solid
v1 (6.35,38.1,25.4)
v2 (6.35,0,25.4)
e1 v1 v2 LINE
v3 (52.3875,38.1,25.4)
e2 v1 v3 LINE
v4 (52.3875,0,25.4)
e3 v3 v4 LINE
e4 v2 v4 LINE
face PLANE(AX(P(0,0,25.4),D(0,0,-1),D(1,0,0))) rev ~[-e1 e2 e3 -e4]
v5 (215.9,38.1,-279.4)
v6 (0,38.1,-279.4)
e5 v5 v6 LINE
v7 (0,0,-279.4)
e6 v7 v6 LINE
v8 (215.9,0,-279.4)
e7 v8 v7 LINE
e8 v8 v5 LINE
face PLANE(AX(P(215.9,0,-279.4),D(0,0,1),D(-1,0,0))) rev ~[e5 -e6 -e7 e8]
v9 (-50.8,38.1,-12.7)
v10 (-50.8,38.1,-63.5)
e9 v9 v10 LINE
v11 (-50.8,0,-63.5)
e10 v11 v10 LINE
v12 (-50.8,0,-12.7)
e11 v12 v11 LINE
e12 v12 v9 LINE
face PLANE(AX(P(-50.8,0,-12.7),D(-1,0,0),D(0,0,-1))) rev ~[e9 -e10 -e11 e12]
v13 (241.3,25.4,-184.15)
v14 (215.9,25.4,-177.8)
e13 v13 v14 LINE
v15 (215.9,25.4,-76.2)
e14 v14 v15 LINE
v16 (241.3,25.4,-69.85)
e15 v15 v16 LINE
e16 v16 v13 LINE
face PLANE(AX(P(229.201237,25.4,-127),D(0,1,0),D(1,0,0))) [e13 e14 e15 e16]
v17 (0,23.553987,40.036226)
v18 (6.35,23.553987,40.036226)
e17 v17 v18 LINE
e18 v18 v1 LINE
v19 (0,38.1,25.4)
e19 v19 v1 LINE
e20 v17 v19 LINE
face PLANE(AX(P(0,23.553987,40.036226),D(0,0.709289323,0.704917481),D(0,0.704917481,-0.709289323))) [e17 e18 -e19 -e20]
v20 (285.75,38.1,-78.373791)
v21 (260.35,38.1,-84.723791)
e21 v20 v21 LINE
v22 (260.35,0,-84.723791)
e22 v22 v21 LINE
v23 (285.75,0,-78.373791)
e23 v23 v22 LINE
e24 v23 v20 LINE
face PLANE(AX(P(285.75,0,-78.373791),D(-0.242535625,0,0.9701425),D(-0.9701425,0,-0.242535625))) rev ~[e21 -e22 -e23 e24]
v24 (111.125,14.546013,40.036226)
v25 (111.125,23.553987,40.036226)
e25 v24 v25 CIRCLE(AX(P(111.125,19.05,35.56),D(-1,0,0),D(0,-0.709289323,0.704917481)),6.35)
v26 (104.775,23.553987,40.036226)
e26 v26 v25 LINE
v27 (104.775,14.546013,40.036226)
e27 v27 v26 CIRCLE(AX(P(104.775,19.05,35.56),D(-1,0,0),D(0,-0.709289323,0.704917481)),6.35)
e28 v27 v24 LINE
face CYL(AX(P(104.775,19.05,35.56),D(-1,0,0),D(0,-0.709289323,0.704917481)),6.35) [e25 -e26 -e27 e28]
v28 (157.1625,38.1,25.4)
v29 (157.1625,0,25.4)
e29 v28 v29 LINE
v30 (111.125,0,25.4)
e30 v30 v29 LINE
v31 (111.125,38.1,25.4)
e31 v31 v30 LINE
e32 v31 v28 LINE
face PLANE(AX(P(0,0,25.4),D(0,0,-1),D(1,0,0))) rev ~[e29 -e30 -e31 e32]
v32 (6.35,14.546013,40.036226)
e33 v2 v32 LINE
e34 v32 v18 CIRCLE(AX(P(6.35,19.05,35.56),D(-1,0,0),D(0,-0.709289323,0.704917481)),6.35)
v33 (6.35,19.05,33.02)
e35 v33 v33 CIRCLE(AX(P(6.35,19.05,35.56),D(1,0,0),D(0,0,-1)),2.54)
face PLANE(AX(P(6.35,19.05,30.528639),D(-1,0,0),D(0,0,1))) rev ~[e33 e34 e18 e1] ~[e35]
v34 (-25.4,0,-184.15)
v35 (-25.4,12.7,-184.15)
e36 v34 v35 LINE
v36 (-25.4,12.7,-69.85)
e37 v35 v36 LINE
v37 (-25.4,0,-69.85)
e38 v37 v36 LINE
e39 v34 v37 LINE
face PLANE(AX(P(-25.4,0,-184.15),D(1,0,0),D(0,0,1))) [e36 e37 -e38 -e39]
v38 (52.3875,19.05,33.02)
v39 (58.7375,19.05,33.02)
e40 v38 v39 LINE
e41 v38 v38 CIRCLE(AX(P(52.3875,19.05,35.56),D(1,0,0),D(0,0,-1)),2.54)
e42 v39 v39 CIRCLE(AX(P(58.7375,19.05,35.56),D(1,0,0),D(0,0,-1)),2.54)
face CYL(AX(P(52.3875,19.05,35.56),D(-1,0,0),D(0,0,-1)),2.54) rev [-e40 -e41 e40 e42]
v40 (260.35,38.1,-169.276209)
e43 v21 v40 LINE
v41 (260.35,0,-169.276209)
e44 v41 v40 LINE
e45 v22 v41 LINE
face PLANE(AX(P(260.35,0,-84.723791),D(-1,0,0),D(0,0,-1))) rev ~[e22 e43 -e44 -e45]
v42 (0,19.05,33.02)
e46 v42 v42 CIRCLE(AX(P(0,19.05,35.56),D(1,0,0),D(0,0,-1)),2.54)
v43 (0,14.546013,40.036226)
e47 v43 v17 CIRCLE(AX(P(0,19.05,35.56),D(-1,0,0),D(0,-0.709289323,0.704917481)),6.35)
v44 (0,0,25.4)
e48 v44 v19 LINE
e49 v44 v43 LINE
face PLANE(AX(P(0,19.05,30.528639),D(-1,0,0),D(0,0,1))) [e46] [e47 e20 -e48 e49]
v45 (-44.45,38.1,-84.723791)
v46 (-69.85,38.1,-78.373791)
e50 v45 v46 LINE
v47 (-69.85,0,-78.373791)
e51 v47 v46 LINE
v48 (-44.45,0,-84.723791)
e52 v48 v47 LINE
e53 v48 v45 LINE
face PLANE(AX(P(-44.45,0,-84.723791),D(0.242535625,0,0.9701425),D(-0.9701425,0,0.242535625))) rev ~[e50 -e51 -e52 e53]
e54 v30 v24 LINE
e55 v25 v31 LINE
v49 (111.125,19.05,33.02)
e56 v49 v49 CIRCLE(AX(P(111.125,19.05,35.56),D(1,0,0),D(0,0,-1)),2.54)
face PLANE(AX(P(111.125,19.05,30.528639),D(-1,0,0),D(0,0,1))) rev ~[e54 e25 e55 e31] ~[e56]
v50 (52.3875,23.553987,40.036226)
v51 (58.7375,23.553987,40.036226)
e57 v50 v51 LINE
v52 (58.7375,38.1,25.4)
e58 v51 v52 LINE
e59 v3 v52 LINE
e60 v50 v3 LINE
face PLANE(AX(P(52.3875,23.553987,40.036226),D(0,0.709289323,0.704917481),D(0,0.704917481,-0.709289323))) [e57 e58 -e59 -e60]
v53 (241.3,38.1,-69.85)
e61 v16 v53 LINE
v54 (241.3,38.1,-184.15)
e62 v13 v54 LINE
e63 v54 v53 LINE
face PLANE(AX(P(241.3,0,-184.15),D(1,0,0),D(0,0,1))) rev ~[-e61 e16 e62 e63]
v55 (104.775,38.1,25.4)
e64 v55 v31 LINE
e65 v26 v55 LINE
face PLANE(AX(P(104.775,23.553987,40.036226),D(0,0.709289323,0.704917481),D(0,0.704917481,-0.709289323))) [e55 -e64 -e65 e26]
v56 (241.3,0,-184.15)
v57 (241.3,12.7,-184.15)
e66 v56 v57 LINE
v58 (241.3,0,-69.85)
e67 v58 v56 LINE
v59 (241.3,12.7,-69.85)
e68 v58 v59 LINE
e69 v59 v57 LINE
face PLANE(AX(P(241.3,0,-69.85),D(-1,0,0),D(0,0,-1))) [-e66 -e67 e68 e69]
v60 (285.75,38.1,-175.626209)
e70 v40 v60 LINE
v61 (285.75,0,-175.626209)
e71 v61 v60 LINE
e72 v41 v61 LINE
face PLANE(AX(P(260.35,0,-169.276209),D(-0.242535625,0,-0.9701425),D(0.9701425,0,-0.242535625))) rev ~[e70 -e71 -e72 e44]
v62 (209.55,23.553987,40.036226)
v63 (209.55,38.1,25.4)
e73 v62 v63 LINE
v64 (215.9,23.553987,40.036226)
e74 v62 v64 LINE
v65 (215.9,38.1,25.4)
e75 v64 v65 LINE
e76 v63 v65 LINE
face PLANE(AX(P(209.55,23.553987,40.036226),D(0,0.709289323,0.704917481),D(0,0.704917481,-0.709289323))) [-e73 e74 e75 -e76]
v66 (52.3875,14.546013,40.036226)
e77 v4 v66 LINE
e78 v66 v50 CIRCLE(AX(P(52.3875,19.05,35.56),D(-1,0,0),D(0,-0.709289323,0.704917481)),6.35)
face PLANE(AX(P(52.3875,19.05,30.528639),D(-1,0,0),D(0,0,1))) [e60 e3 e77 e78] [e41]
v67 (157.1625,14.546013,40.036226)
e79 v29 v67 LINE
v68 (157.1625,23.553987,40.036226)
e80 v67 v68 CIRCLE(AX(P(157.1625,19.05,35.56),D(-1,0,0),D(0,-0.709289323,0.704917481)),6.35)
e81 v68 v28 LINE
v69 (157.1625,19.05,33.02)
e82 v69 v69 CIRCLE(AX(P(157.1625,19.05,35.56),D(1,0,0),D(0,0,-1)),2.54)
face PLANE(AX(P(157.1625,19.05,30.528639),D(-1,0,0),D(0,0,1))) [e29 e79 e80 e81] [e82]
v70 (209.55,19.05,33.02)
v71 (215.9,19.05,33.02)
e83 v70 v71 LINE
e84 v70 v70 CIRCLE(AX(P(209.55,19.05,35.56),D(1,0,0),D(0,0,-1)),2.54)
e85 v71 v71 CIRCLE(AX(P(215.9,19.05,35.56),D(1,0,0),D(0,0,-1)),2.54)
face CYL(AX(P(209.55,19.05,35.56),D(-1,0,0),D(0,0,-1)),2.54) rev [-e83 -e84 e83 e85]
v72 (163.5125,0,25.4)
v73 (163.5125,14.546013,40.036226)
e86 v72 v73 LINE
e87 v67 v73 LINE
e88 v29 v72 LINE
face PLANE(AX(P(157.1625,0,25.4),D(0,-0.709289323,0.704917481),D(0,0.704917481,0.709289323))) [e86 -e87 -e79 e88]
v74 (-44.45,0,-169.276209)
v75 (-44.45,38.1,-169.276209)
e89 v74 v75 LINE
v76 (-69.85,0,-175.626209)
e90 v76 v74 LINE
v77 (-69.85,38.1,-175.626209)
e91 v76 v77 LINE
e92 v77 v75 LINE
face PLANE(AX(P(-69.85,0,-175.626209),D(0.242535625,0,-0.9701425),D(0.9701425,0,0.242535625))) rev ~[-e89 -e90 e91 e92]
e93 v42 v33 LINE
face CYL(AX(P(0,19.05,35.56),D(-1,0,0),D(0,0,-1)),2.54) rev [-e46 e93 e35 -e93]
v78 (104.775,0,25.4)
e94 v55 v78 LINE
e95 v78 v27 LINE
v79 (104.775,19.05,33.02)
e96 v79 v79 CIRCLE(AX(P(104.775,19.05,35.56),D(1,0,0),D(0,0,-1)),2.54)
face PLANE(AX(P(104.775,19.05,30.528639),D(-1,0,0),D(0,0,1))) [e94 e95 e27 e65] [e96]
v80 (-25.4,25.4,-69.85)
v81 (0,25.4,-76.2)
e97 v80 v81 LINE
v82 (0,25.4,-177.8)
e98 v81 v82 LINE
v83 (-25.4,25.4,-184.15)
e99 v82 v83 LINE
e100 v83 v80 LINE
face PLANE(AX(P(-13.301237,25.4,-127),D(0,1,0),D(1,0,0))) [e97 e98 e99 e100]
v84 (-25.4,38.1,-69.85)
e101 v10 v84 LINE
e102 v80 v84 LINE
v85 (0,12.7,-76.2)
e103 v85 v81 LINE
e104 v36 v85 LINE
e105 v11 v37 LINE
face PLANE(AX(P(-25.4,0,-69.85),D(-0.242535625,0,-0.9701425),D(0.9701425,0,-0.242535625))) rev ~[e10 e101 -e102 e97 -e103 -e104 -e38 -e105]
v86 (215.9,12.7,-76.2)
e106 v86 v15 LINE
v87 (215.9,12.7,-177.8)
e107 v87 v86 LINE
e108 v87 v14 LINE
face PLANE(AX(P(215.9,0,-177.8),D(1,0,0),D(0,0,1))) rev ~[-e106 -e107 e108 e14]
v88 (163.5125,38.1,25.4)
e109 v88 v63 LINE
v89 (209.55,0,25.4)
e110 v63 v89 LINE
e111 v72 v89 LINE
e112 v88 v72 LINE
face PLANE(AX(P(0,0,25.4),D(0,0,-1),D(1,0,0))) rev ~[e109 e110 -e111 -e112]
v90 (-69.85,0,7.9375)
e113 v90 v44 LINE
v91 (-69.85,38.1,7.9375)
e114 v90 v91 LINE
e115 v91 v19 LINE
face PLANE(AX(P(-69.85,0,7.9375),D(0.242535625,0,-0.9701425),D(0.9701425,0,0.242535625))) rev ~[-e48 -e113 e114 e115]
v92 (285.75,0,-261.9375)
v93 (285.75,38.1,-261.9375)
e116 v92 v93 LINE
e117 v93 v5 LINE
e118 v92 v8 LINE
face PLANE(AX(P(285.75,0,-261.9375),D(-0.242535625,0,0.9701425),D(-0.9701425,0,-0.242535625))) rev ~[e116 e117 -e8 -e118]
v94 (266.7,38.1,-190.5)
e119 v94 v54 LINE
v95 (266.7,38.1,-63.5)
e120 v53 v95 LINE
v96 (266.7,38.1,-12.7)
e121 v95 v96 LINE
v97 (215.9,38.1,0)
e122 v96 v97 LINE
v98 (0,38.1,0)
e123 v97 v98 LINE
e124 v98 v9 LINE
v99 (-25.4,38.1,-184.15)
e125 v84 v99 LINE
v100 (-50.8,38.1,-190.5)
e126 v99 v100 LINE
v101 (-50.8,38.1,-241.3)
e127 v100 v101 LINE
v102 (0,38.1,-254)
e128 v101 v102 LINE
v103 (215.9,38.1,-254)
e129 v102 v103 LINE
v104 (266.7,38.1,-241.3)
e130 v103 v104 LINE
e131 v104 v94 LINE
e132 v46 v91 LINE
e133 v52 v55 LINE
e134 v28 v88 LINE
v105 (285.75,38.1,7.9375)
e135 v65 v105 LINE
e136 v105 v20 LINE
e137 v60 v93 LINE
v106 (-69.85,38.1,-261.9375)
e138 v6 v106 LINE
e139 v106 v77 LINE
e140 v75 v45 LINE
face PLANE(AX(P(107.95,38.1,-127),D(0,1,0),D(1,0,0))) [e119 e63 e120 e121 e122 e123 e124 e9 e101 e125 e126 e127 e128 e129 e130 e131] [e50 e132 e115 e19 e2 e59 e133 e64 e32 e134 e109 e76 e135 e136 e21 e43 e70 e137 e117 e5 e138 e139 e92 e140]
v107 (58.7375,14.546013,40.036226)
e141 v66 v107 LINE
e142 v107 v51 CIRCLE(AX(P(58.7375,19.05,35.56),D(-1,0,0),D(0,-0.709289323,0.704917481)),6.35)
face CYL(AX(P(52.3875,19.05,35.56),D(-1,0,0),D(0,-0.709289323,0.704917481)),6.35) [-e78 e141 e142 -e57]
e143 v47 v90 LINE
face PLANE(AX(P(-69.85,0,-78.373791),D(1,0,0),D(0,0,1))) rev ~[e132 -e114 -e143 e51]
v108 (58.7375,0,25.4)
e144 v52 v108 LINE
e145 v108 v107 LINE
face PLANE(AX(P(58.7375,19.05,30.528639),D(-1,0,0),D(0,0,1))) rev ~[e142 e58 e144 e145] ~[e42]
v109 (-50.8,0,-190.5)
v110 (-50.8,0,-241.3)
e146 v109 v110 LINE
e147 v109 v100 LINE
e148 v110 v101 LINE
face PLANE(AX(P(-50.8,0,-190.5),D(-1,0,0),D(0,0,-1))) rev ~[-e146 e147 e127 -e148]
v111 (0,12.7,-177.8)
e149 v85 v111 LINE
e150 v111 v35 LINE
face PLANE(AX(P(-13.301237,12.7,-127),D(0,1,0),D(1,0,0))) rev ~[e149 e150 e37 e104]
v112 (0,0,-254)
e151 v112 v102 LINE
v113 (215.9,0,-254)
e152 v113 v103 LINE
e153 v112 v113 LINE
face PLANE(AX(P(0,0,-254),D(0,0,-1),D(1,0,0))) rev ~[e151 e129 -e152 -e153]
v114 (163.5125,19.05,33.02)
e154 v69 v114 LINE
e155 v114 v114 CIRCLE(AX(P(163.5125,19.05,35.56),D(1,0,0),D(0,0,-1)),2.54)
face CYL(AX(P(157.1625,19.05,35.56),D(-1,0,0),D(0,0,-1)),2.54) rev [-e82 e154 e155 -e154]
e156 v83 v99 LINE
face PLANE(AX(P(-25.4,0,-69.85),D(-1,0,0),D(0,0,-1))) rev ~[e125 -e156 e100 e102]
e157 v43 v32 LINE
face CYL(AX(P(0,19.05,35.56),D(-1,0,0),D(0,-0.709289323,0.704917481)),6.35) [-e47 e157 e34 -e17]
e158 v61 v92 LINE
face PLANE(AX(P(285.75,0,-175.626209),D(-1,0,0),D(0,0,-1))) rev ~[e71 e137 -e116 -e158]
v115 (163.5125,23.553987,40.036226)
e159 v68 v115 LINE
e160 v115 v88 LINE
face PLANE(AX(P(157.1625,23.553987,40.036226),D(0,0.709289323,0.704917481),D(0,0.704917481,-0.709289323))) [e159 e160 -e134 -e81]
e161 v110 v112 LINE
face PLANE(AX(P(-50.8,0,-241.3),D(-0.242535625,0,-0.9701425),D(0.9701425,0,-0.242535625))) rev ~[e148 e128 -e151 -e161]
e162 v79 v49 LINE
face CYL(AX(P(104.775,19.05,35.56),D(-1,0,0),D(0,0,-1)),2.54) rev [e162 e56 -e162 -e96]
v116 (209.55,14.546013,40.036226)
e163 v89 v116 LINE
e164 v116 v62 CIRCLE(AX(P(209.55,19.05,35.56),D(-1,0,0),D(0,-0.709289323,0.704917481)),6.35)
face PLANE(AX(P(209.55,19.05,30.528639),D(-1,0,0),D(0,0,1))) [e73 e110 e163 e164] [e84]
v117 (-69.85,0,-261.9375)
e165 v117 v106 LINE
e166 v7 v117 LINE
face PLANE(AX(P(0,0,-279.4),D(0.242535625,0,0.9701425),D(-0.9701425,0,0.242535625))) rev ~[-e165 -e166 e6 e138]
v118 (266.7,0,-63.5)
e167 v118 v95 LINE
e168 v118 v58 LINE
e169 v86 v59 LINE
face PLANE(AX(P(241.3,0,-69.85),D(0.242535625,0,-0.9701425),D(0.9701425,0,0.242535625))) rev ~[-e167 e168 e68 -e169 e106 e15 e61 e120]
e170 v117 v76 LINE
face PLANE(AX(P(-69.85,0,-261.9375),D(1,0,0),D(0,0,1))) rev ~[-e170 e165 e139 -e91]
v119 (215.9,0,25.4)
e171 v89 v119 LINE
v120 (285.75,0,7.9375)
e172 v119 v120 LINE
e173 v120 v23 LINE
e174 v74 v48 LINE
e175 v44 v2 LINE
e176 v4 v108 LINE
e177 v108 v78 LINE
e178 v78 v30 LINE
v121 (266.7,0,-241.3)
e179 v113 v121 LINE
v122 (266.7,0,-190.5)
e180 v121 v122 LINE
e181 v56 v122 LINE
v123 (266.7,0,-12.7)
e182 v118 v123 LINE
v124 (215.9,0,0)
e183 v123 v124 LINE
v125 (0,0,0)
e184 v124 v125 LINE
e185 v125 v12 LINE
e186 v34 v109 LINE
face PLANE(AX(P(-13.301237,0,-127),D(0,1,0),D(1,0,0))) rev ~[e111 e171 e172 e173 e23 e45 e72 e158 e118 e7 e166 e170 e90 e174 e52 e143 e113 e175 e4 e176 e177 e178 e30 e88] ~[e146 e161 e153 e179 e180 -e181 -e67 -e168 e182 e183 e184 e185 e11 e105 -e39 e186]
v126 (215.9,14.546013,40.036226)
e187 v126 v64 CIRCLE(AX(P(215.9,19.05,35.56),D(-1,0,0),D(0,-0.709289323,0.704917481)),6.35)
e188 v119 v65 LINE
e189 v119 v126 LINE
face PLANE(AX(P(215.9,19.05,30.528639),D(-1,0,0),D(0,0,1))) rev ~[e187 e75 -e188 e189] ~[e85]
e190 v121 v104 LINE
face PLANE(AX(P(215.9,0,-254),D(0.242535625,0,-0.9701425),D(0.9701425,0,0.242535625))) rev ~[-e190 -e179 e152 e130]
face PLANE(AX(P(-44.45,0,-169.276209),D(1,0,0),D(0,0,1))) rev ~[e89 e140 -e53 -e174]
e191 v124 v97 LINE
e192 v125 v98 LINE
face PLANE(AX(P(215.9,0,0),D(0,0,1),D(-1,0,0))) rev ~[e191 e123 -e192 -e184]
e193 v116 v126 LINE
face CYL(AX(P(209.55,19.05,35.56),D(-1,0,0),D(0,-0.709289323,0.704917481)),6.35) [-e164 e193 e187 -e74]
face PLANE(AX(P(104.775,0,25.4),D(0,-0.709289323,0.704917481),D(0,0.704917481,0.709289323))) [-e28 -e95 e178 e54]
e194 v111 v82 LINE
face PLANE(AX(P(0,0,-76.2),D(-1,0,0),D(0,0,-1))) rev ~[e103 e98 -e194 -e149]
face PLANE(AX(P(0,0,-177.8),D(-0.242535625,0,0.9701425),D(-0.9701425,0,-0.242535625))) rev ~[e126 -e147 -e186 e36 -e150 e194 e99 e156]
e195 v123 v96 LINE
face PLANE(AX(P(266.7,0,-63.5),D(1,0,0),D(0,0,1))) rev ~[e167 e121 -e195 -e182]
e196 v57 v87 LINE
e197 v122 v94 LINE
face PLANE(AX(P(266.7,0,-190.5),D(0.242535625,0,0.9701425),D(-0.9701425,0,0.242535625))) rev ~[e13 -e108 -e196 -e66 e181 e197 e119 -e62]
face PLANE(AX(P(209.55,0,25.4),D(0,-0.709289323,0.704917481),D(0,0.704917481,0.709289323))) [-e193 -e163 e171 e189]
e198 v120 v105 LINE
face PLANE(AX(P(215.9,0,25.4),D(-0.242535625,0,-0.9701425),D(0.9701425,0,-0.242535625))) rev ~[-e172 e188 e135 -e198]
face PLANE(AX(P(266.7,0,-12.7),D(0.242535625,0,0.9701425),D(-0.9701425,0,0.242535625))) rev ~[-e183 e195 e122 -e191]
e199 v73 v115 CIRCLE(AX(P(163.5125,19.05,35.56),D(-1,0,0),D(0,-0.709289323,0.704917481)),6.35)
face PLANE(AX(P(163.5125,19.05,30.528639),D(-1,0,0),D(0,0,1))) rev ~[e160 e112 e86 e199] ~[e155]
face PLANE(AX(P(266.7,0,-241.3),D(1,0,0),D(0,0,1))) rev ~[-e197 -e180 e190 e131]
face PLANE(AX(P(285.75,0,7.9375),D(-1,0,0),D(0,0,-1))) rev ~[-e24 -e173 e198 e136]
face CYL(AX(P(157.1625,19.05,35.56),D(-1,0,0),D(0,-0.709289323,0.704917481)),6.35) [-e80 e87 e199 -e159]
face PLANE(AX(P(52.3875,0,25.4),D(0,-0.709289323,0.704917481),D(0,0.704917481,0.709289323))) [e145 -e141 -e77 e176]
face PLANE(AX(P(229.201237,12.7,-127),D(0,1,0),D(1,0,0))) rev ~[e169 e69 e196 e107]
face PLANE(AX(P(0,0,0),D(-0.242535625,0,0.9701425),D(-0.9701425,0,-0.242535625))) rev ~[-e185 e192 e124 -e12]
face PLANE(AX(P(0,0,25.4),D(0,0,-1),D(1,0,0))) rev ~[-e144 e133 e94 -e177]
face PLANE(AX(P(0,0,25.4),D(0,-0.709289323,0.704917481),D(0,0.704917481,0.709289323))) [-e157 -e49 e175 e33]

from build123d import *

# Parameters (mm, degrees)
BOSS_EXTRUDE1_DEPTH = 38.1
SKETCH2_R           = 2.54
BOSS_EXTRUDE2_DEPTH = 6.35
LPATTERN1_COUNT     = 5
LPATTERN1_PITCH     = 52.3875
BOSS_EXTRUDE3_DEPTH = 25.4
CUT_EXTRUDE1_DEPTH  = 12.7


with BuildPart() as part:
    # Sketch1 → Boss-Extrude1 (new body)
    with BuildSketch(Plane(origin=(0, 0, 0), x_dir=(1, 0, 0), z_dir=(0, 1, 0))):
        Polygon((-69.85, 261.9375), (-69.85, 175.626209458), (-44.45, 169.276209458), (-44.45, 84.723790542), (-69.85, 78.373790542), (-69.85, -7.9375), (0, -25.4), (215.9, -25.4), (285.75, -7.9375), (285.75, 78.373790542), (260.35, 84.723790542), (260.35, 169.276209458), (285.75, 175.626209458), (285.75, 261.9375), (215.9, 279.4), (0, 279.4), align=None)
        Polygon((-25.4, 69.85), (-25.4, 184.15), (-50.8, 190.5), (-50.8, 241.3), (0, 254), (215.9, 254), (266.7, 241.3), (266.7, 190.5), (241.3, 184.15), (241.3, 69.85), (266.7, 63.5), (266.7, 12.7), (215.9, 0), (0, 0), (-50.8, 12.7), (-50.8, 63.5), align=None, mode=Mode.SUBTRACT)
    extrude(amount=BOSS_EXTRUDE1_DEPTH)

    # Sketch2 → Boss-Extrude2 (add)
    with BuildSketch(Plane(origin=(0, 0, 0), x_dir=(0, 0, -1), z_dir=(1, 0, 0))):
        with BuildLine():
            Line((-40.036226007, 23.553987204), (-25.4, 38.1))
            Line((-25.4, 38.1), (-25.4, 0))
            Line((-25.4, 0), (-40.036226007, 14.546012796))
            ThreePointArc((-40.036226007, 14.546012796), (-41.91, 19.05), (-40.036226007, 23.553987204))
        make_face()
        with Locations((-35.56, 19.05)):
            Circle(SKETCH2_R, mode=Mode.SUBTRACT)
    boss_extrude2 = extrude(amount=BOSS_EXTRUDE2_DEPTH)

    # LPattern1: Boss-Extrude2 ×5
    with Locations(*[(i * LPATTERN1_PITCH, 0, 0) for i in range(1, LPATTERN1_COUNT)]):
        add(boss_extrude2)

    # Sketch1<3> → Boss-Extrude3 (add)
    with BuildSketch(Plane(origin=(0, 0, 0), x_dir=(1, 0, 0), z_dir=(0, 1, 0))):
        Polygon((0, 76.2), (0, 177.8), (-25.4, 184.15), (-25.4, 69.85), align=None)
        Polygon((241.3, 69.85), (241.3, 184.15), (215.9, 177.8), (215.9, 76.2), align=None)
    extrude(amount=BOSS_EXTRUDE3_DEPTH)

    # Sketch1<4> → Cut-Extrude1 (cut)
    with BuildSketch(Plane(origin=(0, 0, 0), x_dir=(1, 0, 0), z_dir=(0, 1, 0))):
        Polygon((0, 76.2), (0, 177.8), (-25.4, 184.15), (-25.4, 69.85), align=None)
        Polygon((241.3, 69.85), (241.3, 184.15), (215.9, 177.8), (215.9, 76.2), align=None)
    extrude(amount=CUT_EXTRUDE1_DEPTH, mode=Mode.SUBTRACT)


solid = part.part
